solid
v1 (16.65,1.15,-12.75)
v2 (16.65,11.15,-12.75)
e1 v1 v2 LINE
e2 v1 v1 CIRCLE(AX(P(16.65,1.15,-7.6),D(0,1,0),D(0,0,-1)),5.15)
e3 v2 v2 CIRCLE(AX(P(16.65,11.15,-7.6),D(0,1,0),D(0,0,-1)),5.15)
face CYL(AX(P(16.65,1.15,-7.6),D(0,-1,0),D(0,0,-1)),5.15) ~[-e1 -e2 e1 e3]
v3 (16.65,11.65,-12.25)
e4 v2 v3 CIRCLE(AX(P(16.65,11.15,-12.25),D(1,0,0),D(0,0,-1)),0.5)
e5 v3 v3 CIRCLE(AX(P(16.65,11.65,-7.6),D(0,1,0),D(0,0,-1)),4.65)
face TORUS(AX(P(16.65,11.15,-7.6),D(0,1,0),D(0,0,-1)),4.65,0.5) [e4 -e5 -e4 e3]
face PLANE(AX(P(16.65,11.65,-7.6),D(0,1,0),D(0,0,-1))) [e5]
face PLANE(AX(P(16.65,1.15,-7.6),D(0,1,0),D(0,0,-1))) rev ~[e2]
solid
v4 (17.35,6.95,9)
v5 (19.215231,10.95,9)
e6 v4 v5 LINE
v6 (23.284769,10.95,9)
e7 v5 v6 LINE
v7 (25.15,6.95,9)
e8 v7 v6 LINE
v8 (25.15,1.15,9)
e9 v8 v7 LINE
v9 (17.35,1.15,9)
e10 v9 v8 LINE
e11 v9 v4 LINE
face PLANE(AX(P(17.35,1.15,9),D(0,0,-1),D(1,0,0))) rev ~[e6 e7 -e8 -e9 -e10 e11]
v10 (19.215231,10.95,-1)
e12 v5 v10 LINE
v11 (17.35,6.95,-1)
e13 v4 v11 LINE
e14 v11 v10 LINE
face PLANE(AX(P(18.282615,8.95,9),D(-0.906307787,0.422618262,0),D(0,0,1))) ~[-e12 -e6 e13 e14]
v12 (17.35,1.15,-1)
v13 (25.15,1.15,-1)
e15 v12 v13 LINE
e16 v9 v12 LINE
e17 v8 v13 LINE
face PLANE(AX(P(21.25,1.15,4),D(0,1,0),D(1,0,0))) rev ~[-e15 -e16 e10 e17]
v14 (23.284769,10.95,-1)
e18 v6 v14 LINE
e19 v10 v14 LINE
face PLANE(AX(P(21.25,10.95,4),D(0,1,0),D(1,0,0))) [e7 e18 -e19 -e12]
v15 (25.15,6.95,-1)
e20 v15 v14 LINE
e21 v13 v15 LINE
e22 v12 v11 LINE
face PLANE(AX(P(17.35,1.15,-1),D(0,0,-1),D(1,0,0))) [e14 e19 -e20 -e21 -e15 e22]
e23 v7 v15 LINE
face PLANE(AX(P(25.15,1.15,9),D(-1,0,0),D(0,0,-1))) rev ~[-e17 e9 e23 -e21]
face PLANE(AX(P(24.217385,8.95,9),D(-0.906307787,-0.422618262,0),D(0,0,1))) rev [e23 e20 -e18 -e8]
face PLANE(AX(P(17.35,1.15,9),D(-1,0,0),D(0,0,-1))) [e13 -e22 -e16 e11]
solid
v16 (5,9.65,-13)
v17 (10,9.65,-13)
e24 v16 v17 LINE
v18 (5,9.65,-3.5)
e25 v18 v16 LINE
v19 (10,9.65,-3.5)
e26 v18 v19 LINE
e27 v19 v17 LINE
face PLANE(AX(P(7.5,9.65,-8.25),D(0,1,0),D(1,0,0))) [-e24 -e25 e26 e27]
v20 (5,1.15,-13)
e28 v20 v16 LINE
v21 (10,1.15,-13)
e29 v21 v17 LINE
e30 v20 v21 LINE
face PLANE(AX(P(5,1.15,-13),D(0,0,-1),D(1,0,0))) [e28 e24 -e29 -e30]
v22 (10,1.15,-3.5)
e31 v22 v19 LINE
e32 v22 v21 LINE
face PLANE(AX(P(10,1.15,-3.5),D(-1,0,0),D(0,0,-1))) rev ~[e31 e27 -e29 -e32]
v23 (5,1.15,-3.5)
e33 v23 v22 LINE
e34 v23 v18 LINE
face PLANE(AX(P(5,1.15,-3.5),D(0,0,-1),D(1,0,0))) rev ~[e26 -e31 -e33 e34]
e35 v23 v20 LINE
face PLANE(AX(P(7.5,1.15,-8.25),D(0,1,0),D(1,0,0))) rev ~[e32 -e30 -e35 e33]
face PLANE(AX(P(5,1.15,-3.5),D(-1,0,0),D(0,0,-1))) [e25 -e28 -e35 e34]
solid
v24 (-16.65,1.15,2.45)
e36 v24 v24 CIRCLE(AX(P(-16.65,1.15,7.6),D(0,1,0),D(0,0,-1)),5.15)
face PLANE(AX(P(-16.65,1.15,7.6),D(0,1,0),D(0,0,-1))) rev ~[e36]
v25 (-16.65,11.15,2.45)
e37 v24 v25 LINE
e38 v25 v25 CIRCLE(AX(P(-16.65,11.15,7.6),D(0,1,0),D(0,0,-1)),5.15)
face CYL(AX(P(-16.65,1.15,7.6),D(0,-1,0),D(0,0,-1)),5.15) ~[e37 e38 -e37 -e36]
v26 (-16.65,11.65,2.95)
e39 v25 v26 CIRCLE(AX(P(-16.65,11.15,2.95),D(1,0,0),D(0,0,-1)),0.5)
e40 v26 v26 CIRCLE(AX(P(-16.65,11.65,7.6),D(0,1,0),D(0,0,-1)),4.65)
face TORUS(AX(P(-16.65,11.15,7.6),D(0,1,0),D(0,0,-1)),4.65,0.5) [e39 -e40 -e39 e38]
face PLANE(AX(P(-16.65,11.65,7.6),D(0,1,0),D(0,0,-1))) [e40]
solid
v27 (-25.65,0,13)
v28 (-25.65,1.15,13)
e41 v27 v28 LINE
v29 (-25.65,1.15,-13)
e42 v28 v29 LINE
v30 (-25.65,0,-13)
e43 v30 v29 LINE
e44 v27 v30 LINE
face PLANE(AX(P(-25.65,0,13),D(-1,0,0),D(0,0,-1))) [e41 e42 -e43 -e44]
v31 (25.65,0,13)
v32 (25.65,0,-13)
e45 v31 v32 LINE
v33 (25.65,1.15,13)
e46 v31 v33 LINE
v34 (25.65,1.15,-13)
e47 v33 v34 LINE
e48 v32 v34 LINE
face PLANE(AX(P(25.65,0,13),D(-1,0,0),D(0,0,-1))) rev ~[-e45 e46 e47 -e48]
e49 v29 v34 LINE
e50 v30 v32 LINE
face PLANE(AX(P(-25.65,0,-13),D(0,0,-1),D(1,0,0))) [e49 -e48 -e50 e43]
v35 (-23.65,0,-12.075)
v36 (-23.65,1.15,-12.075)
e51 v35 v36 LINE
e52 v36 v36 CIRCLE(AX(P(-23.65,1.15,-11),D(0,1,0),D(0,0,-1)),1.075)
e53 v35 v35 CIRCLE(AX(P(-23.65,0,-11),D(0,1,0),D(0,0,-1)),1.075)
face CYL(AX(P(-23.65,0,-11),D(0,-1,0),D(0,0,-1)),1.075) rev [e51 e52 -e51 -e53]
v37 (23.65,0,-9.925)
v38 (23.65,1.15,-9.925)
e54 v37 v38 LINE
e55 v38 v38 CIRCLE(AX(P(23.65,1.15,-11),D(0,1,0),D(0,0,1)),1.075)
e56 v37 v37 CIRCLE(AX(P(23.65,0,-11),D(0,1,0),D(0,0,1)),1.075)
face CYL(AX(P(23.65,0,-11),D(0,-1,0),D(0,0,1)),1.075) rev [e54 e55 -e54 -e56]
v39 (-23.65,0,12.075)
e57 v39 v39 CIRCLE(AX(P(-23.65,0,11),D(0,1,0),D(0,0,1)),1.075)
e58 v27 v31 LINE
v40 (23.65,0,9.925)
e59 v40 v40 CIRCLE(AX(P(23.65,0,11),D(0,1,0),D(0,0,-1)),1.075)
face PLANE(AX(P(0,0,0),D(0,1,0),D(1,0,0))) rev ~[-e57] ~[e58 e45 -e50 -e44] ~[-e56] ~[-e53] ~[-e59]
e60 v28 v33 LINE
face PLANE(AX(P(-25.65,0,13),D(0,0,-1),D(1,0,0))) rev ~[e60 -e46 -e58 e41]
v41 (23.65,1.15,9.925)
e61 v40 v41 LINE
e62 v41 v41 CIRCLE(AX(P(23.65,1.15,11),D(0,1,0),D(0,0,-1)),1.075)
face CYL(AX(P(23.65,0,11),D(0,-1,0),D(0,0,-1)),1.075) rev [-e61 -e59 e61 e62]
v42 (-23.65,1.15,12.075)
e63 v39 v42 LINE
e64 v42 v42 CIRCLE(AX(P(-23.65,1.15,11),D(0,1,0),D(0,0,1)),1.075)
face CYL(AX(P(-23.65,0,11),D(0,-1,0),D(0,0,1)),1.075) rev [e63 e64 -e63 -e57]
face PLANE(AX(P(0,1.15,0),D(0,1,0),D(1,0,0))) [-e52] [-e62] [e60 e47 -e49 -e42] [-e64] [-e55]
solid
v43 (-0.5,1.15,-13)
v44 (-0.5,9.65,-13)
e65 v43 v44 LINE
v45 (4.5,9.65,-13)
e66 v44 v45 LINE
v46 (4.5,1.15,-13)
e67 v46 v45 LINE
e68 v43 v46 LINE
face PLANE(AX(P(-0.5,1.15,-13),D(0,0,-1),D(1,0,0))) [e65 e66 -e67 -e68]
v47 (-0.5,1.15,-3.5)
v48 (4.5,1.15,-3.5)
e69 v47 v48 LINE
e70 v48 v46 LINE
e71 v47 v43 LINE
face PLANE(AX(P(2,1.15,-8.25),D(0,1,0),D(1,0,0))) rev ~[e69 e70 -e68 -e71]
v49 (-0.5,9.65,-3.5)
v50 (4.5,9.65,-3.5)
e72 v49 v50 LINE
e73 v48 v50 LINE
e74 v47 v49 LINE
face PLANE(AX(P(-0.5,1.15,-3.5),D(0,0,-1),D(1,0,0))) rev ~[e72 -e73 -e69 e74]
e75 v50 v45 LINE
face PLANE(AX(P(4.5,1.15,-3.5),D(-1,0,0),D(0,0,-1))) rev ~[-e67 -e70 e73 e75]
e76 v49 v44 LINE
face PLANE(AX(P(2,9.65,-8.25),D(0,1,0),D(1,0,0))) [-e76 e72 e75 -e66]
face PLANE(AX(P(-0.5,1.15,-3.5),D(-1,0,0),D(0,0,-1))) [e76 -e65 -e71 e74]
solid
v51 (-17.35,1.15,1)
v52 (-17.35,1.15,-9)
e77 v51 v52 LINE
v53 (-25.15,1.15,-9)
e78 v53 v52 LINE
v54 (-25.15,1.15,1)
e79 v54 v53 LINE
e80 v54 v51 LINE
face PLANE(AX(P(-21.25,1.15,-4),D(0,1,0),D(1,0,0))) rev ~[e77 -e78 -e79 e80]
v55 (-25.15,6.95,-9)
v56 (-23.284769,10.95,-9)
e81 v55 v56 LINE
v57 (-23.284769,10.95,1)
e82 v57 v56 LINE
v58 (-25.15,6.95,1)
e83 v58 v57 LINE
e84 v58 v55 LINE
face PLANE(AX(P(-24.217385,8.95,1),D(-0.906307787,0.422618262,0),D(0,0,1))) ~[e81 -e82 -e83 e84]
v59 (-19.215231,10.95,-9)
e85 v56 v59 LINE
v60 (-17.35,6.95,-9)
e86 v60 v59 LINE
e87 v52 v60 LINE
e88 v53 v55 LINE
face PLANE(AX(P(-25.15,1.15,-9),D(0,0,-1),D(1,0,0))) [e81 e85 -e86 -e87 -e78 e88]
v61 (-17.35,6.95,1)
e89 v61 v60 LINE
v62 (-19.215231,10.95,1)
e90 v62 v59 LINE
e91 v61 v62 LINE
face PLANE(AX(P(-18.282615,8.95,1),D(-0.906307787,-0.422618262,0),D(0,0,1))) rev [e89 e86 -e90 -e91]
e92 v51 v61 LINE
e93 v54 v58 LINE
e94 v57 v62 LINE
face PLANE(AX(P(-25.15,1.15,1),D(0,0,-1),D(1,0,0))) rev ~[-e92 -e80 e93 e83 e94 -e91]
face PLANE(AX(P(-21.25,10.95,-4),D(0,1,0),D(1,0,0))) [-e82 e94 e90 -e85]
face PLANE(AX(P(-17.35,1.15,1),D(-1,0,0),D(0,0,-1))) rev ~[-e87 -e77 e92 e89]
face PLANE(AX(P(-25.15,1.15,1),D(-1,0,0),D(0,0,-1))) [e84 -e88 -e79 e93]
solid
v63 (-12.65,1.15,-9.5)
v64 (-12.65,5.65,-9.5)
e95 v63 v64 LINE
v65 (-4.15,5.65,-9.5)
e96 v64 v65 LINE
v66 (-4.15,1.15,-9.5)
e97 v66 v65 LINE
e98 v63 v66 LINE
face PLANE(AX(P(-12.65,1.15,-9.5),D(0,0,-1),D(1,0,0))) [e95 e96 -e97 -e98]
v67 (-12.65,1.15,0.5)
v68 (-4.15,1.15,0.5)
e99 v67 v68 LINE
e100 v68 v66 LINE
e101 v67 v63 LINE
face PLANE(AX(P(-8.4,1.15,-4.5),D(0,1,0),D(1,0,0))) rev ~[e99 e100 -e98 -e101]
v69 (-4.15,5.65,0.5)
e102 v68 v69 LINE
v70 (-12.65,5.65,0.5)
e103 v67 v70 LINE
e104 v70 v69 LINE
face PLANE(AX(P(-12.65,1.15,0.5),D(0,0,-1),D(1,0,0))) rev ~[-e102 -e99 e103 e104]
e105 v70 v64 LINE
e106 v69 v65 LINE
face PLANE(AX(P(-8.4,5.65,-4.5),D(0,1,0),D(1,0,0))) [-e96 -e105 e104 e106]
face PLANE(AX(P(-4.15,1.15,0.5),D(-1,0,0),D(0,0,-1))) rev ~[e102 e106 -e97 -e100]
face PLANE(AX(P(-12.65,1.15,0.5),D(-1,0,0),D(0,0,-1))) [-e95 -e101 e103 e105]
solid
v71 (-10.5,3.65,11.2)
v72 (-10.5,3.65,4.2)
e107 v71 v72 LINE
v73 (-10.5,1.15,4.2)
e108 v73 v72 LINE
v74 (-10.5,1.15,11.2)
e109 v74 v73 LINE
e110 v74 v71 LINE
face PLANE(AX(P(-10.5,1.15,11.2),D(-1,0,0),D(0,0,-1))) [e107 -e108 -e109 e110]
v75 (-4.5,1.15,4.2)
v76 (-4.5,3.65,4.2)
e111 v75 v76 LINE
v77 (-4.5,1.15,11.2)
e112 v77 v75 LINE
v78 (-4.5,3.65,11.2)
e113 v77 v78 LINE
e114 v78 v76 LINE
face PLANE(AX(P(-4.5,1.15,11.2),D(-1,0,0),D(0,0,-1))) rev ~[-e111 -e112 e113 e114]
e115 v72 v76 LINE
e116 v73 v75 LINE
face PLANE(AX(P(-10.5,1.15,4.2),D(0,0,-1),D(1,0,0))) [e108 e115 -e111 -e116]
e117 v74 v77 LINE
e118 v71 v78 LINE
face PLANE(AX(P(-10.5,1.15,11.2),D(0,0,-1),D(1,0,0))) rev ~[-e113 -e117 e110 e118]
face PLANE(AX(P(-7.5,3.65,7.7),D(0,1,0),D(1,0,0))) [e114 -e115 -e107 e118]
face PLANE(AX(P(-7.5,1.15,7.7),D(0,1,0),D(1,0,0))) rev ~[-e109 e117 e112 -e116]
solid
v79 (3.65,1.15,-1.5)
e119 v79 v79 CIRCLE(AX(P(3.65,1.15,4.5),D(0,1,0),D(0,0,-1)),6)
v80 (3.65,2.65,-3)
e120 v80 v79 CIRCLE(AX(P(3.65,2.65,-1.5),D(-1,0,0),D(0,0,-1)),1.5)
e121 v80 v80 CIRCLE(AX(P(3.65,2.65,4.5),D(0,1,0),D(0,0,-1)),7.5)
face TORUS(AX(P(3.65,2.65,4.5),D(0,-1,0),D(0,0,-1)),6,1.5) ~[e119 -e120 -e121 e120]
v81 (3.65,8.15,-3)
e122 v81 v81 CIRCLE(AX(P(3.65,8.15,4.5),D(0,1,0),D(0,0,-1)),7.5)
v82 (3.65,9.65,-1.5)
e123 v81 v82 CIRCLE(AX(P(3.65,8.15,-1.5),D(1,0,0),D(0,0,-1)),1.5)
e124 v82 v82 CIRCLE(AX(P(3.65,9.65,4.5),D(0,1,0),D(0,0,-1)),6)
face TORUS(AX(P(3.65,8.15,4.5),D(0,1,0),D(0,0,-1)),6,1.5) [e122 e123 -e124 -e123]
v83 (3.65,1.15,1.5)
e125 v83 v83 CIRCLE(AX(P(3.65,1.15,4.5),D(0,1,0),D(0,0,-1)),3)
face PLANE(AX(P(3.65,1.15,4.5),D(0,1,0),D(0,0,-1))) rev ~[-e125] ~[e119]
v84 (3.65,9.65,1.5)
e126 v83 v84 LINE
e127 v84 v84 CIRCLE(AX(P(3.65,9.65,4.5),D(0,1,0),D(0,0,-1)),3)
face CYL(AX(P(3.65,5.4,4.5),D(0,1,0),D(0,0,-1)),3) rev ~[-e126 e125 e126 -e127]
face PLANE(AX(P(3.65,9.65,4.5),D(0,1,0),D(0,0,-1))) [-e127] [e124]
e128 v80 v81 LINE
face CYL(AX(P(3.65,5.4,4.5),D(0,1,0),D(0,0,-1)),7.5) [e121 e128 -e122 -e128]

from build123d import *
from OCP.BRepFilletAPI import BRepFilletAPI_MakeChamfer

# Parameters (mm, degrees)
CROQUIS1_W                = 51.3
CROQUIS1_H                = 26
CROQUIS1_R                = 1.075
SALIENTE_EXTRUIR1_DEPTH   = 1.15
CROQUIS2_R                = 5.15
SALIENTE_EXTRUIR2_DEPTH   = 10.5
SALIENTE_EXTRUIR2_2_DEPTH = 10.5
REDONDEO1_R               = 0.5
REDONDEO2_R               = 0.5
CROQUIS3_W                = 7.8
CROQUIS3_H                = 10
SALIENTE_EXTRUIR3_DEPTH   = 9.8
SALIENTE_EXTRUIR3_2_DEPTH = 9.8
CHAFL_N1_SIZE             = 4
CHAFL_N1_SIZE2            = 1.865230633
CHAFL_N2_SIZE             = 4
CHAFL_N2_SIZE2            = 1.865230633
CROQUIS5_W                = 5
CROQUIS5_H                = 9.5
SALIENTE_EXTRUIR4_DEPTH   = 8.5
SALIENTE_EXTRUIR4_2_DEPTH = 8.5
CROQUIS6_W                = 8.5
CROQUIS6_H                = 10
SALIENTE_EXTRUIR5_DEPTH   = 4.5
CROQUIS7_W                = 6
CROQUIS7_H                = 7
SALIENTE_EXTRUIR6_DEPTH   = 2.5
CROQUIS8_W                = 4.5
CROQUIS8_H                = 8.5
REDONDEO3_R               = 1.5


with BuildPart() as part:
    # Croquis1 → Saliente-Extruir1 (new body)
    with BuildSketch(Plane(origin=(0, 0, 0), x_dir=(1, 0, 0), z_dir=(0, 1, 0))):
        Rectangle(CROQUIS1_W, CROQUIS1_H)
        with Locations(Location((23.65, 11, 0), (0, 0, 270))):
            Circle(CROQUIS1_R, mode=Mode.SUBTRACT)
        with Locations(Location((23.65, -11, 0), (0, 0, 90))):
            Circle(CROQUIS1_R, mode=Mode.SUBTRACT)
        with Locations(Location((-23.65, -11, 0), (0, 0, 270))):
            Circle(CROQUIS1_R, mode=Mode.SUBTRACT)
        with Locations(Location((-23.65, 11, 0), (0, 0, 90))):
            Circle(CROQUIS1_R, mode=Mode.SUBTRACT)
    extrude(amount=SALIENTE_EXTRUIR1_DEPTH)


with BuildPart() as body_2:
    # Croquis2 → Saliente-Extruir2 (new body)
    with BuildSketch(Plane(origin=(0, 1.15, 0), x_dir=(1, 0, 0), z_dir=(0, 1, 0))):
        with Locations(Location((16.65, 7.6, 0), (0, 0, 90))):
            Circle(CROQUIS2_R)
    extrude(amount=SALIENTE_EXTRUIR2_DEPTH)

    # Redondeo2
    redondeo2_edges = [body_2.edges().sort_by_distance(p)[0] for p in [
        (16.65, 11.65, -2.45),
    ]]
    fillet(redondeo2_edges, radius=REDONDEO2_R)


with BuildPart() as body_3:
    # Croquis2 → Saliente-Extruir2 2 (new body)
    with BuildSketch(Plane(origin=(0, 1.15, 0), x_dir=(1, 0, 0), z_dir=(0, 1, 0))):
        with Locations(Location((-16.65, -7.6, 0), (0, 0, 90))):
            Circle(CROQUIS2_R)
    extrude(amount=SALIENTE_EXTRUIR2_2_DEPTH)

    # Redondeo1
    redondeo1_edges = [body_3.edges().sort_by_distance(p)[0] for p in [
        (-16.65, 11.65, 12.75),
    ]]
    fillet(redondeo1_edges, radius=REDONDEO1_R)


with BuildPart() as body_4:
    # Croquis3 → Saliente-Extruir3 (new body)
    with BuildSketch(Plane(origin=(0, 1.15, 0), x_dir=(1, 0, 0), z_dir=(0, 1, 0))):
        with Locations((21.25, -4)):
            Rectangle(CROQUIS3_W, CROQUIS3_H)
    extrude(amount=SALIENTE_EXTRUIR3_DEPTH)

    # Chaflán1: one chamfer whose edges measure the first distance from different faces: ONE call of the kernel's chamfer builder (chamfer() names one face for all edges)
    chafl_n1_edges_1 = [body_4.edges().sort_by_distance(p)[0] for p in [
        (25.15, 10.95, 4),
    ]]
    chafl_n1_side_1 = [body_4.faces().sort_by_distance(p)[0] for p in [
        (25.15, 6.05, 4),
    ]]
    chafl_n1_edges_2 = [body_4.edges().sort_by_distance(p)[0] for p in [
        (17.35, 10.95, 4),
    ]]
    chafl_n1_side_2 = [body_4.faces().sort_by_distance(p)[0] for p in [
        (17.35, 6.05, 4),
    ]]
    chafl_n1 = BRepFilletAPI_MakeChamfer(body_4.part.solid().wrapped)
    for e in chafl_n1_edges_1:
        chafl_n1.Add(CHAFL_N1_SIZE, CHAFL_N1_SIZE2, e.wrapped, chafl_n1_side_1[0].wrapped)  # the first distance lies on this face
    for e in chafl_n1_edges_2:
        chafl_n1.Add(CHAFL_N1_SIZE, CHAFL_N1_SIZE2, e.wrapped, chafl_n1_side_2[0].wrapped)  # the first distance lies on this face
    add(Compound.cast(chafl_n1.Shape()), mode=Mode.REPLACE)


with BuildPart() as body_5:
    # Croquis3 → Saliente-Extruir3 2 (new body)
    with BuildSketch(Plane(origin=(0, 1.15, 0), x_dir=(1, 0, 0), z_dir=(0, 1, 0))):
        with Locations((-21.25, 4)):
            Rectangle(CROQUIS3_W, CROQUIS3_H)
    extrude(amount=SALIENTE_EXTRUIR3_2_DEPTH)

    # Chaflán2: one chamfer whose edges measure the first distance from different faces: ONE call of the kernel's chamfer builder (chamfer() names one face for all edges)
    chafl_n2_edges_1 = [body_5.edges().sort_by_distance(p)[0] for p in [
        (-17.35, 10.95, -4),
    ]]
    chafl_n2_side_1 = [body_5.faces().sort_by_distance(p)[0] for p in [
        (-17.35, 6.05, -4),
    ]]
    chafl_n2_edges_2 = [body_5.edges().sort_by_distance(p)[0] for p in [
        (-25.15, 10.95, -4),
    ]]
    chafl_n2_side_2 = [body_5.faces().sort_by_distance(p)[0] for p in [
        (-25.15, 6.05, -4),
    ]]
    chafl_n2 = BRepFilletAPI_MakeChamfer(body_5.part.solid().wrapped)
    for e in chafl_n2_edges_1:
        chafl_n2.Add(CHAFL_N2_SIZE, CHAFL_N2_SIZE2, e.wrapped, chafl_n2_side_1[0].wrapped)  # the first distance lies on this face
    for e in chafl_n2_edges_2:
        chafl_n2.Add(CHAFL_N2_SIZE, CHAFL_N2_SIZE2, e.wrapped, chafl_n2_side_2[0].wrapped)  # the first distance lies on this face
    add(Compound.cast(chafl_n2.Shape()), mode=Mode.REPLACE)


with BuildPart() as body_6:
    # Croquis5 → Saliente-Extruir4 (new body)
    with BuildSketch(Plane(origin=(0, 1.15, 0), x_dir=(1, 0, 0), z_dir=(0, 1, 0))):
        with Locations((7.5, 8.25)):
            Rectangle(CROQUIS5_W, CROQUIS5_H)
    extrude(amount=SALIENTE_EXTRUIR4_DEPTH)


with BuildPart() as body_7:
    # Croquis5 → Saliente-Extruir4 2 (new body)
    with BuildSketch(Plane(origin=(0, 1.15, 0), x_dir=(1, 0, 0), z_dir=(0, 1, 0))):
        with Locations((2, 8.25)):
            Rectangle(CROQUIS5_W, CROQUIS5_H)
    extrude(amount=SALIENTE_EXTRUIR4_2_DEPTH)


with BuildPart() as body_8:
    # Croquis6 → Saliente-Extruir5 (new body)
    with BuildSketch(Plane(origin=(0, 1.15, 0), x_dir=(1, 0, 0), z_dir=(0, 1, 0))):
        with Locations((-8.4, 4.5)):
            Rectangle(CROQUIS6_W, CROQUIS6_H)
    extrude(amount=SALIENTE_EXTRUIR5_DEPTH)


with BuildPart() as body_9:
    # Croquis7 → Saliente-Extruir6 (new body)
    with BuildSketch(Plane(origin=(0, 1.15, 0), x_dir=(1, 0, 0), z_dir=(0, 1, 0))):
        with Locations((-7.5, -7.7)):
            Rectangle(CROQUIS7_W, CROQUIS7_H)
    extrude(amount=SALIENTE_EXTRUIR6_DEPTH)


with BuildPart() as body_10:
    # Croquis8 → Revolución1 (revolve)
    with BuildSketch(Plane(origin=(3.65, 0, 0), x_dir=(0, 0, -1), z_dir=(1, 0, 0)), mode=Mode.PRIVATE) as revoluci_n1_sk:
        with Locations((-9.75, 5.4)):
            Rectangle(CROQUIS8_W, CROQUIS8_H)
    revolve(revoluci_n1_sk.sketch.rotate(Axis((3.65, 1.15, 4.5), (0, 1, 0)), 180), axis=Axis((3.65, 1.15, 4.5), (0, 1, 0)))

    # Redondeo3
    redondeo3_edges = [body_10.edges().sort_by_distance(p)[0] for p in [
        (3.65, 9.65, 12),
        (3.65, 1.15, 12),
    ]]
    fillet(redondeo3_edges, radius=REDONDEO3_R)


solid = Compound([part.part, body_2.part, body_3.part, body_4.part, body_5.part, body_6.part, body_7.part, body_8.part, body_9.part, body_10.part])
